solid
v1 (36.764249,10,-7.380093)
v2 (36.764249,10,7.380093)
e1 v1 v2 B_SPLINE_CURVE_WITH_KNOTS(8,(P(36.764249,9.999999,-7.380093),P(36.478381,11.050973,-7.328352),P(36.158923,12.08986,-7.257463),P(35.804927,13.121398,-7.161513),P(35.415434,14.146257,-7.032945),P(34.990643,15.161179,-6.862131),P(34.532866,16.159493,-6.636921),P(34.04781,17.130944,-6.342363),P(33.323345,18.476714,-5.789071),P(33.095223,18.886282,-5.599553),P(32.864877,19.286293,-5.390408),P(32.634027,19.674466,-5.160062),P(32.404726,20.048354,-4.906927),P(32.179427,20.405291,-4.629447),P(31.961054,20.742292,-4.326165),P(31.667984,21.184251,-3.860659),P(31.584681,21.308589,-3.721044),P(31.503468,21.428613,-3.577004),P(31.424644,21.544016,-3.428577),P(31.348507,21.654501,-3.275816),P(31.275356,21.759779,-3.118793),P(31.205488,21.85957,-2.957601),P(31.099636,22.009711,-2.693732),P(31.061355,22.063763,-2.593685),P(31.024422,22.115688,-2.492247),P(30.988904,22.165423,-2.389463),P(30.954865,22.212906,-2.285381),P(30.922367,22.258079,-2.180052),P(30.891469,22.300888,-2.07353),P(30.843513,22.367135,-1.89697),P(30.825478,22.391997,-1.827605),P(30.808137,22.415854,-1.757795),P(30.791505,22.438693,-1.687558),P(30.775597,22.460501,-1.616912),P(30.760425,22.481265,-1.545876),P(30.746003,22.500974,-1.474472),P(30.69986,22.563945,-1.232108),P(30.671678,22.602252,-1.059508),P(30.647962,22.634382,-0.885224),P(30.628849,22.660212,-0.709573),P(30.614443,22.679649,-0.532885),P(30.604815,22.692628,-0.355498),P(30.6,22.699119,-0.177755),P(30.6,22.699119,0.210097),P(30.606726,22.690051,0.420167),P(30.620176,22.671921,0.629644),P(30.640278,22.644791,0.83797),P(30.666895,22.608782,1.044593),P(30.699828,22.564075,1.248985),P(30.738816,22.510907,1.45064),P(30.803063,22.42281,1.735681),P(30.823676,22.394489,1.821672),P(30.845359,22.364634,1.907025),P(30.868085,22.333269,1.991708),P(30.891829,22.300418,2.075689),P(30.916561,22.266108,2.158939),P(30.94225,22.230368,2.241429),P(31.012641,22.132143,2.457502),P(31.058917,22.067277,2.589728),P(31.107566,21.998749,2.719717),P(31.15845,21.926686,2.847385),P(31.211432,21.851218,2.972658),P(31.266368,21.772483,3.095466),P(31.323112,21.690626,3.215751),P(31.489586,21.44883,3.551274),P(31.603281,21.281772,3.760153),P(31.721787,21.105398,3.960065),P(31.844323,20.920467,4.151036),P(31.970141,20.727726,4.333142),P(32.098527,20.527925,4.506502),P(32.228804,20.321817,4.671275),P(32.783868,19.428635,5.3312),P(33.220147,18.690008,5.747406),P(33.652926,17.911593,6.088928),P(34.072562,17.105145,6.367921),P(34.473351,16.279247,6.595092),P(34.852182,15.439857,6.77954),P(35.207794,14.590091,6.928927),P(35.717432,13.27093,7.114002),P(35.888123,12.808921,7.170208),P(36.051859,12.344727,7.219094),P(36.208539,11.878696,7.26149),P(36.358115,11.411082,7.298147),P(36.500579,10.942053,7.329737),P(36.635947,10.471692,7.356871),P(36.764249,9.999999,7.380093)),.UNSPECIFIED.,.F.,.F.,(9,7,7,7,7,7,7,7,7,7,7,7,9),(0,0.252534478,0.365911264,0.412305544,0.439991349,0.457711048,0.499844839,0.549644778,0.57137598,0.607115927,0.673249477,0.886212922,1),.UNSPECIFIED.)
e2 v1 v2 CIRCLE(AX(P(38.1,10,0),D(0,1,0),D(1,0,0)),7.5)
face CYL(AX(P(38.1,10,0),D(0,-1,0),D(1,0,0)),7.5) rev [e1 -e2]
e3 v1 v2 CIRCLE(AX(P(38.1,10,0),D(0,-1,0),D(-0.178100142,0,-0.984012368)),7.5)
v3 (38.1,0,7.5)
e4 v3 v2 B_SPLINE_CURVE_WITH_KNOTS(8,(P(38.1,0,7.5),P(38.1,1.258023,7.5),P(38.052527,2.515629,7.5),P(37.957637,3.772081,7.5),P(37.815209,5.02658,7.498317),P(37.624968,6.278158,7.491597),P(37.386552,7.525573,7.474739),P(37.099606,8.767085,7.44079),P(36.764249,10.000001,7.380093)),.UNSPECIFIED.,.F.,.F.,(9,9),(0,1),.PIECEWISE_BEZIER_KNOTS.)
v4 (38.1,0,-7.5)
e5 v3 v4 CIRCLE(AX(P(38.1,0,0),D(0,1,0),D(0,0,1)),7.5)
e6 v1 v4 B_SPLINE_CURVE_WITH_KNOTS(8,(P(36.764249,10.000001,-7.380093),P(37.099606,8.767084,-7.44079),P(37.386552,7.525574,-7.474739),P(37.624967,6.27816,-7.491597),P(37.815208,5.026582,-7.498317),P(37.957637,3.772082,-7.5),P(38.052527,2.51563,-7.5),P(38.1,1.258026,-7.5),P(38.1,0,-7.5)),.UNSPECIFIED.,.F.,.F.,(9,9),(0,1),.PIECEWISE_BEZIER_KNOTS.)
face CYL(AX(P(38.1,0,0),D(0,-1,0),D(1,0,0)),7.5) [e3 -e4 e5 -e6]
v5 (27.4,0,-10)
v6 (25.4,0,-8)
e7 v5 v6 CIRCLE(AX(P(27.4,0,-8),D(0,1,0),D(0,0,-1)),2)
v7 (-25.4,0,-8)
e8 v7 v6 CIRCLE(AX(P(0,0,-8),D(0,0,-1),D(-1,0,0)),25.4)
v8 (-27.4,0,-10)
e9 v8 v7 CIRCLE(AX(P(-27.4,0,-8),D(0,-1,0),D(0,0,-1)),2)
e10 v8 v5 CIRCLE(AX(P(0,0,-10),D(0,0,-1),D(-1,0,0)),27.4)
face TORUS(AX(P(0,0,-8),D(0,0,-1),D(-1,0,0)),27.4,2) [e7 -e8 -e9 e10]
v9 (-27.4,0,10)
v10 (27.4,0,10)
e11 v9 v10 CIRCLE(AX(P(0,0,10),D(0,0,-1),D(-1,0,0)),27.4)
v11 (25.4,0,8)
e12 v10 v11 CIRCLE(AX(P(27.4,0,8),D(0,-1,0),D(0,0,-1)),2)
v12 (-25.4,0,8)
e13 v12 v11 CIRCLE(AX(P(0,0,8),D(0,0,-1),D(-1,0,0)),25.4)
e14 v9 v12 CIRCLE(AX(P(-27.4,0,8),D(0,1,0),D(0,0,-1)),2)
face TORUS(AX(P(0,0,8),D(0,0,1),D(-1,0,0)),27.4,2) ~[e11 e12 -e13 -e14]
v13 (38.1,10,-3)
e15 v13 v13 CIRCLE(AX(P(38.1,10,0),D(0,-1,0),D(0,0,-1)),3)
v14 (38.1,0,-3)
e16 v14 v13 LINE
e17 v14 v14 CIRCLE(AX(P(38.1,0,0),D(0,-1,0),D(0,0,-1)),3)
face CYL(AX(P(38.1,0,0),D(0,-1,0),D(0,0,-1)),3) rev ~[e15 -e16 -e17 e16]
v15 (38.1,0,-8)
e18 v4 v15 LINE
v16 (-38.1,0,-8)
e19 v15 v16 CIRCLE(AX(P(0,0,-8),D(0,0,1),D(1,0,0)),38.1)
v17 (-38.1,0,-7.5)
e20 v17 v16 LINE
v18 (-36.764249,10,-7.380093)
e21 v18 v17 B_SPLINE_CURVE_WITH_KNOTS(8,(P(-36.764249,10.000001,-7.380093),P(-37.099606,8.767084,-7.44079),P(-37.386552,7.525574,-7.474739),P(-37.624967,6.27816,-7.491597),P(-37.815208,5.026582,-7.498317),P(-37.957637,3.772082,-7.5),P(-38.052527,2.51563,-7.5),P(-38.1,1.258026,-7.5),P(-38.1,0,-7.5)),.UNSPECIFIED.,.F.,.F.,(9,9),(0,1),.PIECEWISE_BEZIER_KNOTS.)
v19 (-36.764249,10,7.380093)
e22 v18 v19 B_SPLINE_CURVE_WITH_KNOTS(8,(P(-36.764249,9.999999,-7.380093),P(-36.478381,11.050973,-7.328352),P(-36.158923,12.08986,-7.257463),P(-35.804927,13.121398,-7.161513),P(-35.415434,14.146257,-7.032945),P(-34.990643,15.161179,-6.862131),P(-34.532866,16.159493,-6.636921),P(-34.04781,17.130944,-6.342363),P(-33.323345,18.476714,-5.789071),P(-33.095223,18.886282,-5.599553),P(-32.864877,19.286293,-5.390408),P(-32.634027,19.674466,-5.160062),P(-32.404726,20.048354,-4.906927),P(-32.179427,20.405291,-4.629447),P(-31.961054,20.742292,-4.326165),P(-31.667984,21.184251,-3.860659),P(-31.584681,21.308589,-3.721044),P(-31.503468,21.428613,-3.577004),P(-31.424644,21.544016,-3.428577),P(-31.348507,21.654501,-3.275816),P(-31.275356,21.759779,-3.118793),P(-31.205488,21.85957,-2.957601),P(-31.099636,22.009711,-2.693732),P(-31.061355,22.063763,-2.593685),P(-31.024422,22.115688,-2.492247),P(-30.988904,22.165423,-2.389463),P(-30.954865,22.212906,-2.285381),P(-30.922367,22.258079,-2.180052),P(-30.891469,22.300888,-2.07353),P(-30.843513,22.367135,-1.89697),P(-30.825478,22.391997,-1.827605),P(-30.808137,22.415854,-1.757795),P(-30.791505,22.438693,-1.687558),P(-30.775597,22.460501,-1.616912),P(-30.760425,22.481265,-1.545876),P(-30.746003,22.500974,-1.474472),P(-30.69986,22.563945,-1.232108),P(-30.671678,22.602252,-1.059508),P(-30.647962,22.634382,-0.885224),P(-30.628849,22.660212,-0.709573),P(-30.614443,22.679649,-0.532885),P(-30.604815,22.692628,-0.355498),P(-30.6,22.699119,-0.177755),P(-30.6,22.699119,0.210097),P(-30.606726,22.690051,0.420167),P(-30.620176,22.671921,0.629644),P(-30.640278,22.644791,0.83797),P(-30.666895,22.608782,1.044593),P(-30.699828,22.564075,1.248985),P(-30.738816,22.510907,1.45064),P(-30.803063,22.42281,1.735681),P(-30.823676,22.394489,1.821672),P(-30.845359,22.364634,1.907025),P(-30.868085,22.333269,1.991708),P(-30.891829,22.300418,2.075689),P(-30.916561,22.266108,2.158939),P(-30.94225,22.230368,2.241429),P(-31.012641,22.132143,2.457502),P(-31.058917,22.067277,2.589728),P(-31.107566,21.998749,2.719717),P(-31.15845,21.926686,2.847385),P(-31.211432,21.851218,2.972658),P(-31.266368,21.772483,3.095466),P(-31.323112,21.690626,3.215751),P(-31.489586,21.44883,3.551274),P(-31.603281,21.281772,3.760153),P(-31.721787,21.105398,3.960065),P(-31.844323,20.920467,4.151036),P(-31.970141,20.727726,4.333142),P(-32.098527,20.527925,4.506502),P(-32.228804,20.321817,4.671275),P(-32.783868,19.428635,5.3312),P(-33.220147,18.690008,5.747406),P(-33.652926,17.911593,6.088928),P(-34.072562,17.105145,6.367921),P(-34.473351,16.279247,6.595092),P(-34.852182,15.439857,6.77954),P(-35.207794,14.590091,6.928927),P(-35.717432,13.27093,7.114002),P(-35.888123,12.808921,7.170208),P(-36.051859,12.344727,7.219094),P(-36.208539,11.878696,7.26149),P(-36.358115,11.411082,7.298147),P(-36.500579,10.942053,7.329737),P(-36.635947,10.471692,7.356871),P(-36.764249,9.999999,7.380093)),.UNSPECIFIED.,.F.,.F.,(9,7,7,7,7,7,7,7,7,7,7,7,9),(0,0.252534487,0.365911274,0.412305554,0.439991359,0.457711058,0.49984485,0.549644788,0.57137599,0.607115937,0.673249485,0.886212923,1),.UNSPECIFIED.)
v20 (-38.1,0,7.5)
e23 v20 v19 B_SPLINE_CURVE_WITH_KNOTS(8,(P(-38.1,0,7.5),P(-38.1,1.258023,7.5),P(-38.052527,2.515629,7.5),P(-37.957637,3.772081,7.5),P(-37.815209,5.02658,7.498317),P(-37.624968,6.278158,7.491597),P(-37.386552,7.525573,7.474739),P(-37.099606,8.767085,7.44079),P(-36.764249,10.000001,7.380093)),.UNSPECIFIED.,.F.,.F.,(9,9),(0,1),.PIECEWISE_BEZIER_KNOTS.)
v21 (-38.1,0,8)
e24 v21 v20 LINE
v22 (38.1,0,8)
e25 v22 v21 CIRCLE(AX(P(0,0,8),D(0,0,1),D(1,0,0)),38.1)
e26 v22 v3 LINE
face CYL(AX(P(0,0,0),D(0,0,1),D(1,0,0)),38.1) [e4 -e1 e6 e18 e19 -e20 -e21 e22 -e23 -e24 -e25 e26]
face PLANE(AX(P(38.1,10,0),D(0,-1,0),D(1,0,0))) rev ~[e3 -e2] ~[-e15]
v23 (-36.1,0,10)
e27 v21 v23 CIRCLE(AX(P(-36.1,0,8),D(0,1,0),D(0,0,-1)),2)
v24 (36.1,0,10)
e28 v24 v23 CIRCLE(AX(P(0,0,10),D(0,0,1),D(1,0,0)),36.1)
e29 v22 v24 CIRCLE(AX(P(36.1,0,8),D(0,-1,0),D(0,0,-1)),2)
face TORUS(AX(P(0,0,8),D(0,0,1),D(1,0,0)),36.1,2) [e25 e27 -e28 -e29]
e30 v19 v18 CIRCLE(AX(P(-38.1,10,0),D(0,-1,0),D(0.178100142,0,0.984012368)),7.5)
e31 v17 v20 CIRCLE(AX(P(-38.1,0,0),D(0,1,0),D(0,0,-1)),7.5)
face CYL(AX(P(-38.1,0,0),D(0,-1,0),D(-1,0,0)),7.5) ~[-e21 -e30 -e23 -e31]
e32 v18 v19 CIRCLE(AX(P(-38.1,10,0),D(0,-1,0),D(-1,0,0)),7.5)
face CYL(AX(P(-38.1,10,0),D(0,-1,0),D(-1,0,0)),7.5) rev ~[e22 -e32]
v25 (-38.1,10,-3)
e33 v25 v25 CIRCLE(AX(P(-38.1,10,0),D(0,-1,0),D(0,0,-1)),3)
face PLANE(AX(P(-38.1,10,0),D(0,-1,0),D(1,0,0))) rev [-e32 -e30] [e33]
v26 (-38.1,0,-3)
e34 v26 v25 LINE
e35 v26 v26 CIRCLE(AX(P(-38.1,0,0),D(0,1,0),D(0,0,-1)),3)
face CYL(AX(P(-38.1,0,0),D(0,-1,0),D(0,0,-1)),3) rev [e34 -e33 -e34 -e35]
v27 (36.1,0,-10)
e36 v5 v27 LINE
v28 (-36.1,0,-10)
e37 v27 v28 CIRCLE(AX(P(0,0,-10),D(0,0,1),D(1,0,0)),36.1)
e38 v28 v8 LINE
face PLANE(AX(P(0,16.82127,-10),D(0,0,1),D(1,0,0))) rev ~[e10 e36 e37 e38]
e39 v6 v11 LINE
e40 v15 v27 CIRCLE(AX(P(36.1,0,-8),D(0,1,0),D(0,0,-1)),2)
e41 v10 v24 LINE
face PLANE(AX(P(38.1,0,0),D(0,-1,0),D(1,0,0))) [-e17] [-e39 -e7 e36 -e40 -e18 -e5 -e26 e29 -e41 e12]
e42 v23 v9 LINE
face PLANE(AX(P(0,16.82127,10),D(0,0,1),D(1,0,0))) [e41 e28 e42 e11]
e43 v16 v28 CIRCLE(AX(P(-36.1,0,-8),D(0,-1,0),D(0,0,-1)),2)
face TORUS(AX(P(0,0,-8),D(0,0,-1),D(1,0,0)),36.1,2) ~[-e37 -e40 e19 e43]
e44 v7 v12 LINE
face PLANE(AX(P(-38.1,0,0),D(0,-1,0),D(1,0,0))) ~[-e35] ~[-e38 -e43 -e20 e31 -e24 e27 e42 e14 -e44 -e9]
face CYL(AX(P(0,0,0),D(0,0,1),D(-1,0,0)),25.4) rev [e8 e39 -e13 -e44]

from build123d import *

# Parameters (mm, degrees)
BOSS_EXTRUDE1_DEPTH = 10
SKETCH2_R           = 7.5
BOSS_EXTRUDE4_DEPTH = 10
SKETCH3_R           = 7.5
CUT_EXTRUDE1_DEPTH  = 60
SKETCH4_R           = 3
CUT_EXTRUDE2_DEPTH  = 60
FILLET1_R           = 2


with BuildPart() as part:
    # Sketch1 → Boss-Extrude1 (new, symmetric)
    with BuildSketch(Plane.XY):
        with BuildLine():
            Line((-38.1, 0), (-25.4, 0))
            ThreePointArc((-25.4, 0), (0, 25.4), (25.4, 0))
            Line((25.4, 0), (38.1, 0))
            ThreePointArc((38.1, 0), (0, 38.1), (-38.1, 0))
        make_face()
    extrude(amount=BOSS_EXTRUDE1_DEPTH, both=True)

    # Sketch2 → Boss-Extrude4 (add)
    with BuildSketch(Plane.XZ):
        with Locations((38.1, 0)):
            Circle(SKETCH2_R)
    boss_extrude4 = extrude(amount=-BOSS_EXTRUDE4_DEPTH)

    # Sketch3 → Cut-Extrude1 (cut)
    with BuildSketch(Plane(origin=(0, 10, 0), x_dir=(1, 0, 0), z_dir=(0, 1, 0))):
        with Locations((38.1, 0)):
            Circle(SKETCH3_R)
    cut_extrude1 = extrude(amount=CUT_EXTRUDE1_DEPTH, mode=Mode.SUBTRACT)

    # Sketch4 → Cut-Extrude2 (cut)
    with BuildSketch(Plane.XZ):
        with Locations(Location((38.1, 0, 0), (0, 0, 270))):
            Circle(SKETCH4_R)
    cut_extrude2 = extrude(amount=-CUT_EXTRUDE2_DEPTH, mode=Mode.SUBTRACT)

    # Mirror1: Boss-Extrude4, Cut-Extrude1, Cut-Extrude2 across plane
    add(boss_extrude4.mirror(Plane(origin=(0, 0, 0), x_dir=(0, 0, 1), z_dir=(1, 0, 0))))
    add(cut_extrude1.mirror(Plane(origin=(0, 0, 0), x_dir=(0, 0, 1), z_dir=(1, 0, 0))), mode=Mode.SUBTRACT)
    add(cut_extrude2.mirror(Plane(origin=(0, 0, 0), x_dir=(0, 0, 1), z_dir=(1, 0, 0))), mode=Mode.SUBTRACT)

    # Fillet1
    fillet1_edges = [part.edges().sort_by_distance(p)[0] for p in [
        (0, 38.1, 10),
        (0, 25.4, 10),
        (0, 38.1, -10),
        (0, 25.4, -10),
    ]]
    fillet(fillet1_edges, radius=FILLET1_R)


solid = part.part
